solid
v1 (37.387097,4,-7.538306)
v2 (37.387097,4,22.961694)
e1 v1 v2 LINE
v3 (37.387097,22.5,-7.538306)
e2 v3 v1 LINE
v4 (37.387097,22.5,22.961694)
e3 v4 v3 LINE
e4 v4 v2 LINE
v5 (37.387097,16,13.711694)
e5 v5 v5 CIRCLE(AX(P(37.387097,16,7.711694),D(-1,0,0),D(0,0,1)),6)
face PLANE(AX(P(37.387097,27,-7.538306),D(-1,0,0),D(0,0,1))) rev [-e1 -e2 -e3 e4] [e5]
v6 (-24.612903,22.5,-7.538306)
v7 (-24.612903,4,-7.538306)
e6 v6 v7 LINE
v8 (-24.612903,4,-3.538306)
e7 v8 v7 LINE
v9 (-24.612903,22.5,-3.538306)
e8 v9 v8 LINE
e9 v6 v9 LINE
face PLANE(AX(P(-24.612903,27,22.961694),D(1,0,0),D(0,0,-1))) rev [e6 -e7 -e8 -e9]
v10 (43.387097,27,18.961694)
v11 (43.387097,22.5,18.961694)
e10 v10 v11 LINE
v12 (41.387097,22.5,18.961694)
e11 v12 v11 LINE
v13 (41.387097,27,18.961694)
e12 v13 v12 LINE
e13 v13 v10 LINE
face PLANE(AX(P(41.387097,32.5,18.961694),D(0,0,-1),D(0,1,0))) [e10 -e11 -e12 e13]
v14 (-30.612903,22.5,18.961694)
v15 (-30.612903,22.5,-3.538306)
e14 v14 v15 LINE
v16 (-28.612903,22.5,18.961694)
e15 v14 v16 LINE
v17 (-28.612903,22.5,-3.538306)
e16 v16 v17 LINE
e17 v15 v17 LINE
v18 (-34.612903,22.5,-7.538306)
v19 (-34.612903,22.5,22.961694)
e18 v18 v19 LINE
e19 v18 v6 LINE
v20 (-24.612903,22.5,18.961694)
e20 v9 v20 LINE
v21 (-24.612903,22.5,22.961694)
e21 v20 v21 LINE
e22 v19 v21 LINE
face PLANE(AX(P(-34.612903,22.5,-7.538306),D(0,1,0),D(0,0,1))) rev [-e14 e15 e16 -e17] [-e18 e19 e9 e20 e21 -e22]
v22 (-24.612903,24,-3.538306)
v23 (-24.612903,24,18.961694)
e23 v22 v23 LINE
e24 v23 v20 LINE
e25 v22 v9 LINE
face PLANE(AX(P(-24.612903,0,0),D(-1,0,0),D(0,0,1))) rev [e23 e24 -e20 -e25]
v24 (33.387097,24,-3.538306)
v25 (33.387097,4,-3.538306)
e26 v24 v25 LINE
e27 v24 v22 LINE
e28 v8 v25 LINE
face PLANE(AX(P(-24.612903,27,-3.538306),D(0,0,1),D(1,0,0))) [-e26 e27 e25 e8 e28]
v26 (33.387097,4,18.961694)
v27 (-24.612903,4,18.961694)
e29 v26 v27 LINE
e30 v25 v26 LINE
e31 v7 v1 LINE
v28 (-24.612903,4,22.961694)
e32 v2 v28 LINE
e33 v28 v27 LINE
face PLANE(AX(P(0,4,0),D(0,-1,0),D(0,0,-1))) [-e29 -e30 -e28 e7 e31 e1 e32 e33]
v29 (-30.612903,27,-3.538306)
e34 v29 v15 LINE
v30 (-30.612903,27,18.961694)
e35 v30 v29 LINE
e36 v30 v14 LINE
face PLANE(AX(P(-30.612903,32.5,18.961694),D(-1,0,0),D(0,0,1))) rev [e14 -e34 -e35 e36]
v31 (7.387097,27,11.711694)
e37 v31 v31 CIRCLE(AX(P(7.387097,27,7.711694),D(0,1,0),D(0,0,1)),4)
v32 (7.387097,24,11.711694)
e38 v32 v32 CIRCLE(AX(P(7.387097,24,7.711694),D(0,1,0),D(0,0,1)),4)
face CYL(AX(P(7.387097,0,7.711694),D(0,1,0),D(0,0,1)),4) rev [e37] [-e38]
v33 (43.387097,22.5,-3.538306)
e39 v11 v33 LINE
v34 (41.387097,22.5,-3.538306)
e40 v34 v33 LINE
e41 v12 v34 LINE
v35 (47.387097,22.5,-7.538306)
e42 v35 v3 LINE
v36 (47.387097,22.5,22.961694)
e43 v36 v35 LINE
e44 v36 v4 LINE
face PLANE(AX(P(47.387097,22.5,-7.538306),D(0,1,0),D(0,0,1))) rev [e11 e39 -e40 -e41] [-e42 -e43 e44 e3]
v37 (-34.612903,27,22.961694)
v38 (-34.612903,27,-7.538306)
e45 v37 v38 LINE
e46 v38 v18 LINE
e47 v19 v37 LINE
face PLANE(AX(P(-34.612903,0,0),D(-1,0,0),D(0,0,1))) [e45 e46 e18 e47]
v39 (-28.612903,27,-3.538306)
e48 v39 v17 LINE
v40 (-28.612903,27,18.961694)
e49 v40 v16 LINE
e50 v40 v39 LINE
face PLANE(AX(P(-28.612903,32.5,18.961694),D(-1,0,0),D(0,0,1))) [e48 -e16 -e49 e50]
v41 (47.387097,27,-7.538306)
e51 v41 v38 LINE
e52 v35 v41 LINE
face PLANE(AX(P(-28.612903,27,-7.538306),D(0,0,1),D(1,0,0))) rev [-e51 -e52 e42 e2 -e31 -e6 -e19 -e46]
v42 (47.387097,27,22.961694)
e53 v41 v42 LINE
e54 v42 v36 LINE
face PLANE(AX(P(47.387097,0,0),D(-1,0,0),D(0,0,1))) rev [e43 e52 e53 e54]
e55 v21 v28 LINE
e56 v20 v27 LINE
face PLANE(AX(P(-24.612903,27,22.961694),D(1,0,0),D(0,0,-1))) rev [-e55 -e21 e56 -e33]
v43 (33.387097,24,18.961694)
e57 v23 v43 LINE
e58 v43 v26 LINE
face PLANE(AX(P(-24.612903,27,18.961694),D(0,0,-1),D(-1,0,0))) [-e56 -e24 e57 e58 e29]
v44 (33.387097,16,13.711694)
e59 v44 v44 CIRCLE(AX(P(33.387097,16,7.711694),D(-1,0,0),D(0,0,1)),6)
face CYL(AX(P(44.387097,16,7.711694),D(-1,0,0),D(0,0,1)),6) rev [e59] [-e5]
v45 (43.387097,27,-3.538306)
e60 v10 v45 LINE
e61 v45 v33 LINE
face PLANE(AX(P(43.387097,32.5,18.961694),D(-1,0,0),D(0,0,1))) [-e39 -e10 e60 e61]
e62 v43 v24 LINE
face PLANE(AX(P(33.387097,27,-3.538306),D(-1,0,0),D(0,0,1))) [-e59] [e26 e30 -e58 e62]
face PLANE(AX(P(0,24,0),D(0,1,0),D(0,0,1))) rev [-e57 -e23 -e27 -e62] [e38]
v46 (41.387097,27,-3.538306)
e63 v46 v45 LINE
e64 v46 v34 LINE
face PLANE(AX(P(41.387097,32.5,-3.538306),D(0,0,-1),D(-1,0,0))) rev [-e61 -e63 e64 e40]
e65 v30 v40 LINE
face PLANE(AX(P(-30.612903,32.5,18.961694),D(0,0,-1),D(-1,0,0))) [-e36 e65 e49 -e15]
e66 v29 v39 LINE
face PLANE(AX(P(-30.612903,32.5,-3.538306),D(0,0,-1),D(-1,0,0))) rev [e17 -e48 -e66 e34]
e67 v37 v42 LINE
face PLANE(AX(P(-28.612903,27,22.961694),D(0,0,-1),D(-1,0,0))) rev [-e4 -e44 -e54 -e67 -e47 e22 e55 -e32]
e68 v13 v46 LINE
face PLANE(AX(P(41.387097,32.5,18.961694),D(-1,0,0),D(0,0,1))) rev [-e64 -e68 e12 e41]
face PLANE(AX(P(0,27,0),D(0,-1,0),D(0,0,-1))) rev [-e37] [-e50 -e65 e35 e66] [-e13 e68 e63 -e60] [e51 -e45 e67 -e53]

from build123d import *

# Parameters (mm, degrees)
SKETCH_1_W          = 66
SKETCH_1_H          = 30.5
SKETCH_1_W_2        = 58
SKETCH_1_H_2        = 22.5
EXTRUDE_1_DEPTH     = 27
SKETCH_2_W          = 66
SKETCH_2_H          = 30.5
EXTRUDE_2_DEPTH     = 3
SKETCH_3_R          = 4
CUT_EXTRUDE_1_DEPTH = 52.517321124
SKETCH_4_R          = 6
CUT_EXTRUDE_2_DEPTH = 11
SKETCH_5_W          = 4
SKETCH_5_H          = 30.5
CUT_EXTRUDE_3_DEPTH = 52.517321124
SKETCH_6_W          = 30.5
SKETCH_6_H          = 4.5
EXTRUDE_3_DEPTH     = 10
SKETCH_7_W          = 2
SKETCH_7_H          = 22.5
CUT_EXTRUDE_4_DEPTH = 10
SKETCH_8_W          = 30.5
SKETCH_8_H          = 4.5
EXTRUDE_4_DEPTH     = 10
SKETCH_9_W          = 2
SKETCH_9_H          = 22.5
CUT_EXTRUDE_5_DEPTH = 10
SKETCH_10_W         = 62
SKETCH_10_H         = 30.5
CUT_EXTRUDE_6_DEPTH = 4


with BuildPart() as part:
    # 草图1 → 凸台-拉伸1 (new body)
    with BuildSketch(Plane(origin=(0, 0, 0), x_dir=(1, 0, 0), z_dir=(0, 1, 0))):
        with Locations((4.387096774, -7.711693548)):
            Rectangle(SKETCH_1_W, SKETCH_1_H)
        with Locations((4.387096774, -7.711693548)):
            Rectangle(SKETCH_1_W_2, SKETCH_1_H_2, mode=Mode.SUBTRACT)
    extrude(amount=EXTRUDE_1_DEPTH)

    # 草图2 → 凸台-拉伸2 (add)
    with BuildSketch(Plane(origin=(0, 27, 0), x_dir=(1, 0, 0), z_dir=(0, 1, 0))):
        with Locations((4.387096774, -7.711693548)):
            Rectangle(SKETCH_2_W, SKETCH_2_H)
    extrude(amount=-EXTRUDE_2_DEPTH)

    # 草图3 → 切除-拉伸1 (cut, through all)
    with BuildSketch(Plane(origin=(0, 27, 0), x_dir=(1, 0, 0), z_dir=(0, 1, 0))):
        with Locations(Location((7.387096774, -7.711693548, 0), (0, 0, 270))):
            Circle(SKETCH_3_R)
    extrude(amount=-CUT_EXTRUDE_1_DEPTH, mode=Mode.SUBTRACT)

    # 草图4 → 切除-拉伸2 (cut)
    with BuildSketch(Plane.ZY.offset(-33.387096774)):
        with Locations((7.711693548, 16)):
            Circle(SKETCH_4_R)
    extrude(amount=-CUT_EXTRUDE_2_DEPTH, mode=Mode.SUBTRACT)

    # 草图5 → 切除-拉伸3 (cut, through all)
    with BuildSketch(Plane.XZ):
        with Locations((-26.612903226, 7.711693548)):
            Rectangle(SKETCH_5_W, SKETCH_5_H)
    extrude(amount=-CUT_EXTRUDE_3_DEPTH, mode=Mode.SUBTRACT)

    # 草图6 → 凸台-拉伸3 (add)
    with BuildSketch(Plane(origin=(37.387096774, 0, 0), x_dir=(0, 0, -1), z_dir=(1, 0, 0))):
        with Locations((-7.711693548, 24.75)):
            Rectangle(SKETCH_6_W, SKETCH_6_H)
    extrude(amount=EXTRUDE_3_DEPTH)

    # 草图7 → 切除-拉伸4 (cut)
    with BuildSketch(Plane.XZ.offset(-22.5)):
        with Locations((42.387096774, 7.711693548)):
            Rectangle(SKETCH_7_W, SKETCH_7_H)
    extrude(amount=-CUT_EXTRUDE_4_DEPTH, mode=Mode.SUBTRACT)

    # 草图8 → 凸台-拉伸4 (add)
    with BuildSketch(Plane.ZY.offset(24.612903226)):
        with Locations((7.711693548, 24.75)):
            Rectangle(SKETCH_8_W, SKETCH_8_H)
    extrude(amount=EXTRUDE_4_DEPTH)

    # 草图9 → 切除-拉伸5 (cut)
    with BuildSketch(Plane.XZ.offset(-22.5)):
        with Locations((-29.612903226, 7.711693548)):
            Rectangle(SKETCH_9_W, SKETCH_9_H)
    extrude(amount=-CUT_EXTRUDE_5_DEPTH, mode=Mode.SUBTRACT)

    # 草图10 → 切除-拉伸6 (cut)
    with BuildSketch(Plane.XZ):
        with Locations((6.387096774, 7.711693548)):
            Rectangle(SKETCH_10_W, SKETCH_10_H)
    extrude(amount=-CUT_EXTRUDE_6_DEPTH, mode=Mode.SUBTRACT)


solid = part.part
